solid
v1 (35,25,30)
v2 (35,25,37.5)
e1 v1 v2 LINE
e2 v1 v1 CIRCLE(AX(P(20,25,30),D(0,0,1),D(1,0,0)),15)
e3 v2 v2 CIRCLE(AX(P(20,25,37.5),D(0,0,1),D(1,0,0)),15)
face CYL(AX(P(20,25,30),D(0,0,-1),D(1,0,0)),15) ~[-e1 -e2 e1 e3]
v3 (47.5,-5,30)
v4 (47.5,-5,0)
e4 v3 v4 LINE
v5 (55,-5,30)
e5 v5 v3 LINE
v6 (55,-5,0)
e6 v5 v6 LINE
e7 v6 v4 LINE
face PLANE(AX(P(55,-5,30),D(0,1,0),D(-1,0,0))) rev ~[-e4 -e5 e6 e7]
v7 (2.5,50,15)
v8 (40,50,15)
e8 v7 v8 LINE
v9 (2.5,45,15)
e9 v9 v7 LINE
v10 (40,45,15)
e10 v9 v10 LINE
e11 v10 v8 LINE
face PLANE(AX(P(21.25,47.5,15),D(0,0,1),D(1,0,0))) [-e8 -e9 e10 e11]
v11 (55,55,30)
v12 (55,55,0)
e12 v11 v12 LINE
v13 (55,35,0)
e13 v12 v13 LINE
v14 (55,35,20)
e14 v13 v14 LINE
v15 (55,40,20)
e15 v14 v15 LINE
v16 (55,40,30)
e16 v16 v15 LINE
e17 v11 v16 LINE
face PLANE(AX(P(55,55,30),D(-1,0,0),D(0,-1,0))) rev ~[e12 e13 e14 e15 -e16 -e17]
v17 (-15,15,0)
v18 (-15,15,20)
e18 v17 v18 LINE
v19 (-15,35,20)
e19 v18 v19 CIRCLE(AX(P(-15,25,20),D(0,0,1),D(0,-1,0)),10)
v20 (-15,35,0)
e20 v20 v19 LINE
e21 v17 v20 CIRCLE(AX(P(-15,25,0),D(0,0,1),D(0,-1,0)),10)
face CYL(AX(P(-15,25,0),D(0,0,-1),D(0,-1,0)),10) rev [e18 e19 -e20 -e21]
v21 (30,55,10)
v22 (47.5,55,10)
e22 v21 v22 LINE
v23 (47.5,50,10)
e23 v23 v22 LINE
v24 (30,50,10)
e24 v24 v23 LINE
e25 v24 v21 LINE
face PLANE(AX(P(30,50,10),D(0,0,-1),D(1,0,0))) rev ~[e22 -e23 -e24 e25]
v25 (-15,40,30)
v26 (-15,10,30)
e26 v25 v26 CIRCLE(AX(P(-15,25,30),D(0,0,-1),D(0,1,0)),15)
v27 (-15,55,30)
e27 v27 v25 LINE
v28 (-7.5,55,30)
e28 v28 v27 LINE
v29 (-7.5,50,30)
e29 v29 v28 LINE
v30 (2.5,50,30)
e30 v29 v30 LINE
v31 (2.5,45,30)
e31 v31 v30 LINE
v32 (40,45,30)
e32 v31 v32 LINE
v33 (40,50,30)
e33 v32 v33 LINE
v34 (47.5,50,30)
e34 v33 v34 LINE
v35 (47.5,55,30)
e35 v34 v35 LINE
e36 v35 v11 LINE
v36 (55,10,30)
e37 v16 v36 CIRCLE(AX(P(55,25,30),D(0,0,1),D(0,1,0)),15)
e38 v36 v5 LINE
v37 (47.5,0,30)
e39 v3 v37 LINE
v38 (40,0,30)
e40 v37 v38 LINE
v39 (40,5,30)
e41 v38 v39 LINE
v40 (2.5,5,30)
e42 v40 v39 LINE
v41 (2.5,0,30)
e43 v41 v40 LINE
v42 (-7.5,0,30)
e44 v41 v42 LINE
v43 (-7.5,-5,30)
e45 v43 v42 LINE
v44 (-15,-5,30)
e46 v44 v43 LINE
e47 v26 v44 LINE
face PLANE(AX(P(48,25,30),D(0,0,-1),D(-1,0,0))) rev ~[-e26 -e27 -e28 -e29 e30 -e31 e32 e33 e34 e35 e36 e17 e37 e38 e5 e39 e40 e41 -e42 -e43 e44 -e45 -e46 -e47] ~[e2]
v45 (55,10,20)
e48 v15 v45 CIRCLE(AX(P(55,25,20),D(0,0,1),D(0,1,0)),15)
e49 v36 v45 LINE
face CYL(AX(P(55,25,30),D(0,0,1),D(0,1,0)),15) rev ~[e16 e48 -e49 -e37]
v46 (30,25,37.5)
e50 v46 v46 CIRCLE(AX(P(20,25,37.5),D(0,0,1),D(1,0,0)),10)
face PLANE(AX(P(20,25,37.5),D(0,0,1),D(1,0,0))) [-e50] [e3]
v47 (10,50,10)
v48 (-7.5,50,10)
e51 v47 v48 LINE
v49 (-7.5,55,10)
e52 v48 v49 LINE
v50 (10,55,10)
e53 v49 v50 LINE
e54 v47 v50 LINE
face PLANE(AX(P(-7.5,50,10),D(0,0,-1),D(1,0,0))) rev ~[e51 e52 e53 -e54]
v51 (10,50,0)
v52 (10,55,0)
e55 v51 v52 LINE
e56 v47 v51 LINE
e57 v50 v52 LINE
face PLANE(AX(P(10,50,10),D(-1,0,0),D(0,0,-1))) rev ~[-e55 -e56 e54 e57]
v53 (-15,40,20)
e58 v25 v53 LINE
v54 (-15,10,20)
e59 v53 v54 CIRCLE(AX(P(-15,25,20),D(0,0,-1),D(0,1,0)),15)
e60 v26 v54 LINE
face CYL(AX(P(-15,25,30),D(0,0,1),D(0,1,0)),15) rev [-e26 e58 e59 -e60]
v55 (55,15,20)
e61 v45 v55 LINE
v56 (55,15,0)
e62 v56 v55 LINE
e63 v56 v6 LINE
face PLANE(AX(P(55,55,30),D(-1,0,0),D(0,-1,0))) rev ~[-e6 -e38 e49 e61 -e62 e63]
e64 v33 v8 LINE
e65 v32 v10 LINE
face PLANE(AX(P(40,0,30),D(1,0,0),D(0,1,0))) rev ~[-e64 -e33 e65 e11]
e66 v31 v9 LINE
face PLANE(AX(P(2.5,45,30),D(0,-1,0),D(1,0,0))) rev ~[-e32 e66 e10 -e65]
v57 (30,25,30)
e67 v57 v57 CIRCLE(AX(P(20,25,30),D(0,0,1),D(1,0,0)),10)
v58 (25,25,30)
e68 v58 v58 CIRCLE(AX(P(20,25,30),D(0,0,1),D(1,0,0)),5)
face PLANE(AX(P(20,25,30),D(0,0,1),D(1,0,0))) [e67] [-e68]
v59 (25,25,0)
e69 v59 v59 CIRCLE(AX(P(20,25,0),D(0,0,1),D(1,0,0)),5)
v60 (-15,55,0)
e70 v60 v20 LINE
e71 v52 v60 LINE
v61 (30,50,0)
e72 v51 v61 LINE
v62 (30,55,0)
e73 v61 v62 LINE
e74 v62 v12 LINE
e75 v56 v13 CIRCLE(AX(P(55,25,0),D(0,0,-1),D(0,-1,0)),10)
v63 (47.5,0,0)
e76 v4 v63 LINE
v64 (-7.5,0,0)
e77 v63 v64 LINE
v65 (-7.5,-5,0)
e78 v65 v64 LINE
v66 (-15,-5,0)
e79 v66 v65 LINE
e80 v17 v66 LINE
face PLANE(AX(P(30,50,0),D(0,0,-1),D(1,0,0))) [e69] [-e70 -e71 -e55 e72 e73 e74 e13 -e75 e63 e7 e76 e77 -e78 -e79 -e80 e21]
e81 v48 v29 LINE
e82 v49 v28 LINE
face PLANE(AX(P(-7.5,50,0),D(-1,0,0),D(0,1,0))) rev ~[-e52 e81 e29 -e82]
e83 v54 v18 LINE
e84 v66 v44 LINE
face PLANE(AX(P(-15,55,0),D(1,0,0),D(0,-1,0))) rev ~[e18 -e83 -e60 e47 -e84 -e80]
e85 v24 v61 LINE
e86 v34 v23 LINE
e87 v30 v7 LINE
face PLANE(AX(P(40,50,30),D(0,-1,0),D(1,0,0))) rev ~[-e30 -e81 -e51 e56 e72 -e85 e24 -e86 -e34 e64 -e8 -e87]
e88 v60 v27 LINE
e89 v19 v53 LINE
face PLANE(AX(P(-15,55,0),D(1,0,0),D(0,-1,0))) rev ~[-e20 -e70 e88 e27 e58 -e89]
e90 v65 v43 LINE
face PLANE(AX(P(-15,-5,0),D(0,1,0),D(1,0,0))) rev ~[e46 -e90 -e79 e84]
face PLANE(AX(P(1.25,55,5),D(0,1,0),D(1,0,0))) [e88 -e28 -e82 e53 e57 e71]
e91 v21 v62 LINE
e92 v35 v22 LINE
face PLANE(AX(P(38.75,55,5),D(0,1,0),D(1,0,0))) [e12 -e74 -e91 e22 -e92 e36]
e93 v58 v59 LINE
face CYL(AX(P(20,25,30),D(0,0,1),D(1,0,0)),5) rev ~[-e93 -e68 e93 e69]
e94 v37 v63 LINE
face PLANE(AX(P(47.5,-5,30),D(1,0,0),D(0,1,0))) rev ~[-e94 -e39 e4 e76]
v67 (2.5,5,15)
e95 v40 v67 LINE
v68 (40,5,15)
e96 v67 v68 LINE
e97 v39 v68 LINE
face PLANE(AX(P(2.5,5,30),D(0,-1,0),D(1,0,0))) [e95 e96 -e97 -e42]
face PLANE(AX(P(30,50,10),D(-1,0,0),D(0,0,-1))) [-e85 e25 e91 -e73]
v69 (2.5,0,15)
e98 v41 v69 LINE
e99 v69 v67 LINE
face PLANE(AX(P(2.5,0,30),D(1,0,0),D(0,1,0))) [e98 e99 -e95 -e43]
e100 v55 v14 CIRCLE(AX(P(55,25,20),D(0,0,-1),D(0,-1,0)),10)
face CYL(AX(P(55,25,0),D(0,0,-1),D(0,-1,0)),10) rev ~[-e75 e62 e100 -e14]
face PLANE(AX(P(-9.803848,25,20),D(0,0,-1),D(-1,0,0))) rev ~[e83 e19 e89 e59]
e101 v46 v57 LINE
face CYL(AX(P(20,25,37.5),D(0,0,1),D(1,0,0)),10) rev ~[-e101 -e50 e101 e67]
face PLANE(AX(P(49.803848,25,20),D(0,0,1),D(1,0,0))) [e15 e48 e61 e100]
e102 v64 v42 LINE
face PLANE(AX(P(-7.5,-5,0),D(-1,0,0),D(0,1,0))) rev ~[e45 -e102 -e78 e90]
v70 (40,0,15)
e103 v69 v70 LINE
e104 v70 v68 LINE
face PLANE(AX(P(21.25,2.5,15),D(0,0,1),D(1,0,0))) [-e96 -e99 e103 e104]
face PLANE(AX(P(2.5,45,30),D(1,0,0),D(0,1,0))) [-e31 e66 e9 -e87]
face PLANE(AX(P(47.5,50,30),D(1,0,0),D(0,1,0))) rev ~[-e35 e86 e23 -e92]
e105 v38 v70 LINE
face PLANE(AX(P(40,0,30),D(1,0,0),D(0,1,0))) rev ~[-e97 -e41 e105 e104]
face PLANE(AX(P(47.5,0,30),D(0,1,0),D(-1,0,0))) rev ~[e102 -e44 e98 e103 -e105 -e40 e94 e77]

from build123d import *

# Parameters (mm, degrees)
BOSS_EXTRUDE1_DEPTH = 30
CUT_EXTRUDE7_DEPTH  = 20
SKETCH5_W           = 17.5
SKETCH5_H           = 10
BOSS_EXTRUDE2_DEPTH = 5
SKETCH6_W           = 40
SKETCH6_H           = 50
BOSS_EXTRUDE3_DEPTH = 30
SKETCH7_W           = 37.5
SKETCH7_H           = 5
CUT_EXTRUDE11_DEPTH = 15
SKETCH8_W           = 37.5
SKETCH8_H           = 5
CUT_EXTRUDE12_DEPTH = 15
CUT_EXTRUDE13_DEPTH = 10
SKETCH10_R          = 15
BOSS_EXTRUDE4_DEPTH = 7.5
SKETCH11_R          = 10
CUT_EXTRUDE14_DEPTH = 7.5
SKETCH12_R          = 5
CUT_EXTRUDE15_DEPTH = 153.5
BOSS_EXTRUDE5_DEPTH = 30
SKETCH14_W          = 17.5
SKETCH14_H          = 10
BOSS_EXTRUDE6_DEPTH = 5
CUT_EXTRUDE16_DEPTH = 20
CUT_EXTRUDE17_DEPTH = 10


with BuildPart() as part:
    # Sketch1 → Boss-Extrude1 (new body)
    with BuildSketch(Plane.XY):
        Polygon((-15, -5), (-7.5, -5), (-7.5, 0), (0, 0), (0, 50), (-7.5, 50), (-7.5, 55), (-15, 55), align=None)
    extrude(amount=BOSS_EXTRUDE1_DEPTH)

    # Sketch3 → Cut-Extrude7 (cut)
    with BuildSketch(Plane(origin=(0, 0, 0), x_dir=(-1, 0, 0), z_dir=(0, 0, -1))):
        with BuildLine():
            Line((15, 35), (15, 15))
            ThreePointArc((15, 15), (5, 25), (15, 35))
        make_face()
    extrude(amount=-CUT_EXTRUDE7_DEPTH, mode=Mode.SUBTRACT)

    # Sketch5 → Boss-Extrude2 (add)
    with BuildSketch(Plane(origin=(0, 50, 0), x_dir=(1, 0, 0), z_dir=(0, 1, 0))):
        with Locations((1.25, -5)):
            Rectangle(SKETCH5_W, SKETCH5_H)
    extrude(amount=BOSS_EXTRUDE2_DEPTH)

    # Sketch6 → Boss-Extrude3 (add)
    with BuildSketch(Plane(origin=(0, 0, 0), x_dir=(-1, 0, 0), z_dir=(0, 0, -1))):
        with Locations((-20, 25)):
            Rectangle(SKETCH6_W, SKETCH6_H)
    extrude(amount=-BOSS_EXTRUDE3_DEPTH)

    # Sketch7 → Cut-Extrude11 (cut)
    with BuildSketch(Plane.XY.offset(30)):
        with Locations((21.25, 47.5)):
            Rectangle(SKETCH7_W, SKETCH7_H)
    extrude(amount=-CUT_EXTRUDE11_DEPTH, mode=Mode.SUBTRACT)

    # Sketch8 → Cut-Extrude12 (cut)
    with BuildSketch(Plane.XY.offset(30)):
        with Locations((21.25, 2.5)):
            Rectangle(SKETCH8_W, SKETCH8_H)
    extrude(amount=-CUT_EXTRUDE12_DEPTH, mode=Mode.SUBTRACT)

    # Sketch9 → Cut-Extrude13 (cut)
    with BuildSketch(Plane.XY.offset(30)):
        with BuildLine():
            Line((-15, 10), (-15, 40))
            ThreePointArc((-15, 40), (0, 25), (-15, 10))
        make_face()
    extrude(amount=-CUT_EXTRUDE13_DEPTH, mode=Mode.SUBTRACT)

    # Sketch10 → Boss-Extrude4 (add)
    with BuildSketch(Plane.XY.offset(30)):
        with Locations((20, 25)):
            Circle(SKETCH10_R)
    extrude(amount=BOSS_EXTRUDE4_DEPTH)

    # Sketch11 → Cut-Extrude14 (cut)
    with BuildSketch(Plane.XY.offset(37.5)):
        with Locations((20, 25)):
            Circle(SKETCH11_R)
    extrude(amount=-CUT_EXTRUDE14_DEPTH, mode=Mode.SUBTRACT)

    # Sketch12 → Cut-Extrude15 (cut)
    with BuildSketch(Plane.XY.offset(30)):
        with Locations((20, 25)):
            Circle(SKETCH12_R)
    extrude(amount=-CUT_EXTRUDE15_DEPTH, mode=Mode.SUBTRACT)

    # Sketch13 → Boss-Extrude5 (add)
    with BuildSketch(Plane.XY.offset(30)):
        Polygon((55, -5), (47.5, -5), (47.5, 0), (40, 0), (40, 50), (47.5, 50), (47.5, 55), (55, 55), align=None)
    extrude(amount=-BOSS_EXTRUDE5_DEPTH)

    # Sketch14 → Boss-Extrude6 (add)
    with BuildSketch(Plane(origin=(0, 50, 0), x_dir=(1, 0, 0), z_dir=(0, 1, 0))):
        with Locations((38.75, -5)):
            Rectangle(SKETCH14_W, SKETCH14_H)
    extrude(amount=BOSS_EXTRUDE6_DEPTH)

    # Sketch15 → Cut-Extrude16 (cut)
    with BuildSketch(Plane(origin=(0, 0, 0), x_dir=(-1, 0, 0), z_dir=(0, 0, -1))):
        with BuildLine():
            Line((-55, 35), (-55, 15))
            ThreePointArc((-55, 15), (-45, 25), (-55, 35))
        make_face()
    extrude(amount=-CUT_EXTRUDE16_DEPTH, mode=Mode.SUBTRACT)

    # Sketch16 → Cut-Extrude17 (cut)
    with BuildSketch(Plane.XY.offset(30)):
        with BuildLine():
            Line((55, 10), (55, 40))
            ThreePointArc((55, 40), (40, 25), (55, 10))
        make_face()
    extrude(amount=-CUT_EXTRUDE17_DEPTH, mode=Mode.SUBTRACT)


solid = part.part
